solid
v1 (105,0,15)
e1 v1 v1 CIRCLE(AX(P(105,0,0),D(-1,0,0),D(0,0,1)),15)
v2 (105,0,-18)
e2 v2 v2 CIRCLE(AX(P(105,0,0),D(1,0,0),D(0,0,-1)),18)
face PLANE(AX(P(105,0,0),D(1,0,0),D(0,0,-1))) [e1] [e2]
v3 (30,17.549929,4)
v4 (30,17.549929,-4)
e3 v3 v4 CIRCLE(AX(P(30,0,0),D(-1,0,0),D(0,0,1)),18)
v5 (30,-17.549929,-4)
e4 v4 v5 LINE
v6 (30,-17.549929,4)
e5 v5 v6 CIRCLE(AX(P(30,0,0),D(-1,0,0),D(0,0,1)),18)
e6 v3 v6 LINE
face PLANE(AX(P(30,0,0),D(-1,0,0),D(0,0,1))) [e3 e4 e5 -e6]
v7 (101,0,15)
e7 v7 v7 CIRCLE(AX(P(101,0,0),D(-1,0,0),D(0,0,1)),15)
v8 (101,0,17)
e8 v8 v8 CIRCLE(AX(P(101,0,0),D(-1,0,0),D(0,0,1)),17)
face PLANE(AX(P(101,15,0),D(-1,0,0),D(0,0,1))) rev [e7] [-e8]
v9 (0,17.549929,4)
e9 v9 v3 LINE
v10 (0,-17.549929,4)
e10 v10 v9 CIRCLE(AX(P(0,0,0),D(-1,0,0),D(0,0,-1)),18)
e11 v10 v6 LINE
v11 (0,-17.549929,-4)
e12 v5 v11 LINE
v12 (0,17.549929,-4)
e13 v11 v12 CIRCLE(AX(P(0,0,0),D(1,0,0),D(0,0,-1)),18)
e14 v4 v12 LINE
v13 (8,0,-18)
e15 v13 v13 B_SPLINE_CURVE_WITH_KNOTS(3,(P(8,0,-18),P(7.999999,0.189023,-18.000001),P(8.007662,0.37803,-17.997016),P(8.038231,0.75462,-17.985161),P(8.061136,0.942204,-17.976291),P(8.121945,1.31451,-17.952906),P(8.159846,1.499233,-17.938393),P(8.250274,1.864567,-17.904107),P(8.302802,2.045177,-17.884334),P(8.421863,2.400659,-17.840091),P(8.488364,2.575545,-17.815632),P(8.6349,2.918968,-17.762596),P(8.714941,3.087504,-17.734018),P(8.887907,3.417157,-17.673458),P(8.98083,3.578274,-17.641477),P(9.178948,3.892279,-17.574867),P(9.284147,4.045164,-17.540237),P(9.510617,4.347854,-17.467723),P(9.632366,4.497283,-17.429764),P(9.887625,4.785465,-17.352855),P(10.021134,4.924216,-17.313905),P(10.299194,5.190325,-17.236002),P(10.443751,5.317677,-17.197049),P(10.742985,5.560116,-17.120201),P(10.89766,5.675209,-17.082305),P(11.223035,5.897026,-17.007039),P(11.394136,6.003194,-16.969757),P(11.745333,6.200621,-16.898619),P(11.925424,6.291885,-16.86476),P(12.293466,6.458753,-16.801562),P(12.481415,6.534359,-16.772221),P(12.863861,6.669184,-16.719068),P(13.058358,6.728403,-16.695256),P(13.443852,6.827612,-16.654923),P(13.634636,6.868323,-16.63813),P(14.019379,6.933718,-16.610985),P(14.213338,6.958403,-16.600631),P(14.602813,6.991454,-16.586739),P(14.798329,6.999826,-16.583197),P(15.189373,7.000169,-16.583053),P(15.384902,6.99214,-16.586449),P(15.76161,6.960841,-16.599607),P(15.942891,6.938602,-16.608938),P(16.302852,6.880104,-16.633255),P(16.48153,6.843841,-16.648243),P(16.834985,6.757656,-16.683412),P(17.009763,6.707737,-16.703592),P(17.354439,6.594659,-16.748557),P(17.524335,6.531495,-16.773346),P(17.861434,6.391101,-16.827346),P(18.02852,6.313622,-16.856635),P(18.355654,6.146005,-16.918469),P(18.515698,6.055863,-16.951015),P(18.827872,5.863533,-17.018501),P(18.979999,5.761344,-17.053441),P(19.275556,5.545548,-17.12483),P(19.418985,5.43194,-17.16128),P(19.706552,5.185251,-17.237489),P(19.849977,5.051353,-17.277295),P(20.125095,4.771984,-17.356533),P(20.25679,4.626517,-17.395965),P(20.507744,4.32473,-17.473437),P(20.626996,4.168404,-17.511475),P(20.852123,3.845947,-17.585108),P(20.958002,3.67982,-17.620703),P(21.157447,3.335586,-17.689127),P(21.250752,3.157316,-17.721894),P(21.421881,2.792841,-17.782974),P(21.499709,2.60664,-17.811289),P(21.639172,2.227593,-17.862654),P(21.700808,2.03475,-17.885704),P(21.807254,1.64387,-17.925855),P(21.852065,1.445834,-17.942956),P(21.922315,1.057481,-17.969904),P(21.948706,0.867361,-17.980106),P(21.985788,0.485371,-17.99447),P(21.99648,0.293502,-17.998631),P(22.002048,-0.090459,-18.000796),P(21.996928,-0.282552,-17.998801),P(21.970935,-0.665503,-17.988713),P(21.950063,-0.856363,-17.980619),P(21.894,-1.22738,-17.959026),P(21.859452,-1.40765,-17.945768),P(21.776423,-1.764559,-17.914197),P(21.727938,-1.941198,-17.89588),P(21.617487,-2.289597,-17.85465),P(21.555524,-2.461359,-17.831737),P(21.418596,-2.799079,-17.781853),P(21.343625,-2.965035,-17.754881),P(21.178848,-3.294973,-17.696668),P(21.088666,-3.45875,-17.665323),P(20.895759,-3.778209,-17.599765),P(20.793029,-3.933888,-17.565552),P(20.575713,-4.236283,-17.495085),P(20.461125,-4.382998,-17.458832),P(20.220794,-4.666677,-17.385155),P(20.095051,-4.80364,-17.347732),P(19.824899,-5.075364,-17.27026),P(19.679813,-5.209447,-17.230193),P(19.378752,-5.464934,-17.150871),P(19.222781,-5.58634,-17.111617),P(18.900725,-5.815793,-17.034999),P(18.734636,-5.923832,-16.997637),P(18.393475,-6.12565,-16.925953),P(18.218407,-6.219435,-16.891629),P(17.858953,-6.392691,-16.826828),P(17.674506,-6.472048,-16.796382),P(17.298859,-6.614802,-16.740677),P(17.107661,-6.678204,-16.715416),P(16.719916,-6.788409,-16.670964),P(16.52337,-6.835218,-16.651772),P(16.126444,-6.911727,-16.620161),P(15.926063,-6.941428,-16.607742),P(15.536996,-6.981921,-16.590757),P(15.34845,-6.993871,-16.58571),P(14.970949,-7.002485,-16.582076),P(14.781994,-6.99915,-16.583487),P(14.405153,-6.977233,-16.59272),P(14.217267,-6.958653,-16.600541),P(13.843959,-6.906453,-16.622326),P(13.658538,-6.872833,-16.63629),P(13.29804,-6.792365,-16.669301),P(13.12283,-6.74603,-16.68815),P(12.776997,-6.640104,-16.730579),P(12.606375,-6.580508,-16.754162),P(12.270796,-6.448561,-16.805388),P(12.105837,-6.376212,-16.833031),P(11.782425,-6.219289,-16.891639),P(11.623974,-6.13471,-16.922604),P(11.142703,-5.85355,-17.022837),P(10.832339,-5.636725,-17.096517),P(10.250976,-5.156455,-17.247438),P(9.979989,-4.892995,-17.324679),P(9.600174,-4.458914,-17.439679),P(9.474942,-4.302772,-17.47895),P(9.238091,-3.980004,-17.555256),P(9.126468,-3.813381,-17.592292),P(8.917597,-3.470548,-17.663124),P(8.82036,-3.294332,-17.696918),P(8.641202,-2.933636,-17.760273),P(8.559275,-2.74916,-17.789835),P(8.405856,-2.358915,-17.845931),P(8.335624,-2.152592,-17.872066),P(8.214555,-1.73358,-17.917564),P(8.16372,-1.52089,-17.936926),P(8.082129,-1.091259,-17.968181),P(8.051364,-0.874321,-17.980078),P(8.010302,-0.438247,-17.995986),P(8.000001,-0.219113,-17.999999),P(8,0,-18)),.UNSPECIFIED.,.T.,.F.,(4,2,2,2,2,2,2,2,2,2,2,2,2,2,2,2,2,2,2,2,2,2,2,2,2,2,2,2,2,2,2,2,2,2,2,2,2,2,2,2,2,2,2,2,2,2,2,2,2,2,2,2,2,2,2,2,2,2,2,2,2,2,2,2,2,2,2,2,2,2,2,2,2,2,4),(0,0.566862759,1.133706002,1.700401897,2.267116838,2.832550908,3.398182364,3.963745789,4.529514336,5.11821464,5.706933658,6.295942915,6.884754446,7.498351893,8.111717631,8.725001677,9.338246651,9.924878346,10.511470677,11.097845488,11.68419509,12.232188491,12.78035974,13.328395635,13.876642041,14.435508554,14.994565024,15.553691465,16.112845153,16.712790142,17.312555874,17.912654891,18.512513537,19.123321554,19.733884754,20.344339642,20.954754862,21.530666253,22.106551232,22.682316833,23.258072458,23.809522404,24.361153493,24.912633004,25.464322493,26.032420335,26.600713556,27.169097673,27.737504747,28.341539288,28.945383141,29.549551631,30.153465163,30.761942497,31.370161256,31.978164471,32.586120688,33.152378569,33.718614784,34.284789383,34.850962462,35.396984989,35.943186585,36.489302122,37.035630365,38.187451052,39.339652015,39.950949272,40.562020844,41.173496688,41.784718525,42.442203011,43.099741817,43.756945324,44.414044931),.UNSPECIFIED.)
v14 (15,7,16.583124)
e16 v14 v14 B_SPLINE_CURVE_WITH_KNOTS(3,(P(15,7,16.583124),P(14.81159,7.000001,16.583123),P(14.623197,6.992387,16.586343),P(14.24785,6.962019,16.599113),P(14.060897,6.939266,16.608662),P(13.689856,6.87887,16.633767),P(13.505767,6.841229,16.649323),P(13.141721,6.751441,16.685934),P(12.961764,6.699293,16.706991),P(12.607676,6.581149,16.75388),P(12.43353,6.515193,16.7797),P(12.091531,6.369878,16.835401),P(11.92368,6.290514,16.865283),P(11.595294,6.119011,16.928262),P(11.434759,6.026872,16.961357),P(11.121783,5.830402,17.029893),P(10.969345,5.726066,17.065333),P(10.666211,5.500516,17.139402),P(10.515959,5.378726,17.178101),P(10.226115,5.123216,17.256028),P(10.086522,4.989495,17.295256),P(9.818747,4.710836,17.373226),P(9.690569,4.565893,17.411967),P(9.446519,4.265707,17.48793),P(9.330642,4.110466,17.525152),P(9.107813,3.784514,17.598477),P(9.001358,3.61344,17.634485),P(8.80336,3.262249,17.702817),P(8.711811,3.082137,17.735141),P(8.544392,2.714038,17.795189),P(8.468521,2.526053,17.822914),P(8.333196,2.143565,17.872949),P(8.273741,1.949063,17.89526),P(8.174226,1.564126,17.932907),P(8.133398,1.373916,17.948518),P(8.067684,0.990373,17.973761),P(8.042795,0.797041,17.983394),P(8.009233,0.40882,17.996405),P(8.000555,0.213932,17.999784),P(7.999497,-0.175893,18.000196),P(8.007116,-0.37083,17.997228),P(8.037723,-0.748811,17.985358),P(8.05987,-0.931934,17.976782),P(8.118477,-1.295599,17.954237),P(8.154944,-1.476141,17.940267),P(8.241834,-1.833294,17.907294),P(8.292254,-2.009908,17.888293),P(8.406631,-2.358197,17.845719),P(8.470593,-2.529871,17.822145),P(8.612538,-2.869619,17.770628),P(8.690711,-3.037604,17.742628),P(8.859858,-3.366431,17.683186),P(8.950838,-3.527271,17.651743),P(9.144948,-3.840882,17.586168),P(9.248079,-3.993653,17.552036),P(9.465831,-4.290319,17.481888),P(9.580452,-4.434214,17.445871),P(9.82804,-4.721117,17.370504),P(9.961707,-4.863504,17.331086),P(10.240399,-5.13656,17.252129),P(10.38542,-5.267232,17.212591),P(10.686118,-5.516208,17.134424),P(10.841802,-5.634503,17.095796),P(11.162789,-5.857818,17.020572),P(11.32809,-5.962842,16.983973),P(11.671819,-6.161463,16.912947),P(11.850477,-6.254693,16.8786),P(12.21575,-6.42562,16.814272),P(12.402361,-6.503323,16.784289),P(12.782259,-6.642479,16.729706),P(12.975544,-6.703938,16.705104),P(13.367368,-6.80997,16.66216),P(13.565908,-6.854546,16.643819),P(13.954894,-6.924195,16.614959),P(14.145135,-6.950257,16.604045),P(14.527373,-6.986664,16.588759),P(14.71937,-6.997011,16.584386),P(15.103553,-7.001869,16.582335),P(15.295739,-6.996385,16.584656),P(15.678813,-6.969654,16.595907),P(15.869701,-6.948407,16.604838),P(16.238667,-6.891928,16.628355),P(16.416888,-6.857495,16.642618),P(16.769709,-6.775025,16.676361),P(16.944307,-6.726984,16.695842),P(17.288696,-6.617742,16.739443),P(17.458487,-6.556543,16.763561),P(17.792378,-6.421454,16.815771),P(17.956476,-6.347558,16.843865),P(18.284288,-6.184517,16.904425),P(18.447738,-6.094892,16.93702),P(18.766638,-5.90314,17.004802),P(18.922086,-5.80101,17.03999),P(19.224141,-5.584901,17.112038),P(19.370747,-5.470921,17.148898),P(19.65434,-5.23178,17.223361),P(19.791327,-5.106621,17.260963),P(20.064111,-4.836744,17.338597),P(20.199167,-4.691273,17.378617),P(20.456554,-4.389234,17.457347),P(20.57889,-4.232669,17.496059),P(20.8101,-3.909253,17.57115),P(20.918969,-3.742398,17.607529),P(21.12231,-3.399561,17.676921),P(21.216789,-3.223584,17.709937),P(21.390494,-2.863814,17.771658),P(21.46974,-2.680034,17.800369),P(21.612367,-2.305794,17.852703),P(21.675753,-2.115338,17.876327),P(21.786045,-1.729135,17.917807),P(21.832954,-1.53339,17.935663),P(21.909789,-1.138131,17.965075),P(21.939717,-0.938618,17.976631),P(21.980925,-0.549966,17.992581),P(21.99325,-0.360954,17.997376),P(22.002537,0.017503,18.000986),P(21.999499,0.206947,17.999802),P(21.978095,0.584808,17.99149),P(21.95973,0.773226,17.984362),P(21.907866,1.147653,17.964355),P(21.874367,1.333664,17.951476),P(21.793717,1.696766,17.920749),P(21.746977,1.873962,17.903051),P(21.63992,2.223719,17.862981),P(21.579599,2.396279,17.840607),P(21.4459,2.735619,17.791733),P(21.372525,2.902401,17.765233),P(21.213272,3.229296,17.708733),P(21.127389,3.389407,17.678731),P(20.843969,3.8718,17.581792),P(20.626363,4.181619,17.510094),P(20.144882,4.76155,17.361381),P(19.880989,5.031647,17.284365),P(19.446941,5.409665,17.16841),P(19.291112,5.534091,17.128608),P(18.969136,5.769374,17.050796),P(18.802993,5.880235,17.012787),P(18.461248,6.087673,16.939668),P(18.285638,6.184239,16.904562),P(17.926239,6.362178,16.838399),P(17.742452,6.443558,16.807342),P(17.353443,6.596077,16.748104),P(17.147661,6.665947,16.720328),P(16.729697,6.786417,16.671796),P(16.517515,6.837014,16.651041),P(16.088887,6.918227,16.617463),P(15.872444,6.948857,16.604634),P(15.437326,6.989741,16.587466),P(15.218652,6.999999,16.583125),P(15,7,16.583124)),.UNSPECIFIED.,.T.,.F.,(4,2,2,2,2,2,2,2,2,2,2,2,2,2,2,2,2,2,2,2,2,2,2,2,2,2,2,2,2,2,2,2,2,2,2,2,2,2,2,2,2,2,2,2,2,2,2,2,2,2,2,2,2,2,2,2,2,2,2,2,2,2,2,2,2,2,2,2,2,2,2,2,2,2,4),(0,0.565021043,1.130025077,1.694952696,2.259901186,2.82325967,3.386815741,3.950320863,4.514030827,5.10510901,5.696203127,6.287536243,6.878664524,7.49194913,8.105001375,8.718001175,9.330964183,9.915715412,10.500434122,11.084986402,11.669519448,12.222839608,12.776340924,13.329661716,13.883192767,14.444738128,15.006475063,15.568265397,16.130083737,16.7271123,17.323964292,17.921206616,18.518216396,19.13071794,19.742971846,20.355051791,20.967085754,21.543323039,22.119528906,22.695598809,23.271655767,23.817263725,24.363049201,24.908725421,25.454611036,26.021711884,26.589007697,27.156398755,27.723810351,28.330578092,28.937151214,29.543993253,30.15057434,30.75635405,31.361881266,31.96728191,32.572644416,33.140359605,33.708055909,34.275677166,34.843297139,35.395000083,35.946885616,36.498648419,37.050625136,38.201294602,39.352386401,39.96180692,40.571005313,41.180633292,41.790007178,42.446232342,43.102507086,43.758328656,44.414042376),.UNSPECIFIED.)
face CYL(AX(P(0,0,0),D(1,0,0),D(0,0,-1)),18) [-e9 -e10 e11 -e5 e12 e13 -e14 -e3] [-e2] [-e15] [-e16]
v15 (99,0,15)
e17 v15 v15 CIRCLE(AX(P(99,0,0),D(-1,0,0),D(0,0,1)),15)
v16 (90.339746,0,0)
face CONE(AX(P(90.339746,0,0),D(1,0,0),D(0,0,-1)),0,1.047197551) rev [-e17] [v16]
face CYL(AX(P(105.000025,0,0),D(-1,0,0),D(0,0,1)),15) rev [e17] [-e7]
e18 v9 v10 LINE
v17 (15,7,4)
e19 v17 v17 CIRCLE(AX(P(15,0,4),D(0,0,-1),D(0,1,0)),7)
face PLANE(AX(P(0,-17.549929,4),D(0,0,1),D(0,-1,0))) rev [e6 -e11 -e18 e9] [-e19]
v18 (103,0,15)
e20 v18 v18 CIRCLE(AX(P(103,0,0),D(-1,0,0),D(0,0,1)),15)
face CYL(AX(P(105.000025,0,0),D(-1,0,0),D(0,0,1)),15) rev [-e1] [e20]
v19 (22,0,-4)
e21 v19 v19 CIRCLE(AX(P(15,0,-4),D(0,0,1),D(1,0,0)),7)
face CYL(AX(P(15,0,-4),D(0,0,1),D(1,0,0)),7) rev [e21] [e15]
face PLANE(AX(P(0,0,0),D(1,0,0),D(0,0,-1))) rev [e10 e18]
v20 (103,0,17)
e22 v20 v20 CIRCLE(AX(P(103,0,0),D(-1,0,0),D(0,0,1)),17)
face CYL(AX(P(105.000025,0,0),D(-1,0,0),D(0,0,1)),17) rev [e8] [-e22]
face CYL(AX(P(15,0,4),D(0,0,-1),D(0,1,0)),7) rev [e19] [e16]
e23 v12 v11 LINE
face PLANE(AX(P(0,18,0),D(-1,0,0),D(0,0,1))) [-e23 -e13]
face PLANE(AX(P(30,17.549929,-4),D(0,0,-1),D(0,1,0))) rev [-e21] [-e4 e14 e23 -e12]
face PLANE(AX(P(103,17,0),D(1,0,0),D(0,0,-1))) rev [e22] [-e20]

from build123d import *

# Parameters (mm, degrees)
ESQUISSE1_W                      = 105
ESQUISSE1_H                      = 18
ENL_V_MAT_EXTRU_1_DEPTH          = 30
EXTRUSION1_START                 = 30
EXTRUSION1_DEPTH                 = 30
ESQUISSE5_W                      = 7
ESQUISSE5_H                      = 14
DIAM_TRE_DU_PER_AGE_M14_0_14_2_D = 14


with BuildPart() as part:
    # Esquisse1 → Révolution1 (revolve)
    with BuildSketch(Plane.XY, mode=Mode.PRIVATE) as r_volution1_sk:
        with Locations((52.5, 9)):
            Rectangle(ESQUISSE1_W, ESQUISSE1_H)
    revolve(r_volution1_sk.sketch.rotate(Axis((0, 0, 0), (1, 0, 0)), 270), axis=Axis((0, 0, 0), (1, 0, 0)))

    # Esquisse2 → Enlèv. mat.-Extru.1 (cut)
    with BuildSketch(Plane.ZY):
        with BuildLine():
            Line((-4, 17.549928775), (-4, -17.549928775))
            ThreePointArc((-4, -17.549928775), (18, 0), (-4, 17.549928775))
        make_face()
    extrude(amount=-ENL_V_MAT_EXTRU_1_DEPTH, mode=Mode.SUBTRACT)

    # Esquisse3 → Extrusion1 (add)
    with BuildSketch(Plane.ZY.offset(-30).offset(EXTRUSION1_START)):
        with BuildLine():
            Line((4, -17.549928775), (4, 17.549928775))
            ThreePointArc((4, 17.549928775), (18, 0), (4, -17.549928775))
        make_face()
    extrude(amount=-EXTRUSION1_DEPTH)

    # Esquisse4 → Enlèvement de matière-Révolution1 (revolve, cut)
    with BuildSketch(Plane(origin=(0, 0, 0), x_dir=(-1, 0, 0), z_dir=(0, 0, -1)), mode=Mode.PRIVATE) as enl_vement_de_mati_re_r_volution1_sk:
        Polygon((-105, 15), (-105, 0), (-90.339745962, 0), (-99, 15), (-101, 15), (-101, 17), (-103, 17), (-103, 15), align=None)
    revolve(enl_vement_de_mati_re_r_volution1_sk.sketch.rotate(Axis((105.000025, 0, 0), (-1, 0, 0)), 270), axis=Axis((105.000025, 0, 0), (-1, 0, 0)), mode=Mode.SUBTRACT)

    # Esquisse5 → Diamètre du perçage M14.0 (14)1 (revolve, cut)
    with BuildSketch(Plane(origin=(15, 0, 4), x_dir=(0, 1, 0), z_dir=(1, 0, 0))):
        with Locations((3.5, 7)):
            Rectangle(ESQUISSE5_W, ESQUISSE5_H)
    revolve(axis=Axis((15, 0, -2.35), (0, 0, 1)), mode=Mode.SUBTRACT)

    # Diamètre du perçage M14.0 (14)2 (through all)
    with Locations(Plane.XY.offset(-4)):
        with Locations((15, 0)):
            Hole(DIAM_TRE_DU_PER_AGE_M14_0_14_2_D / 2)


solid = part.part
